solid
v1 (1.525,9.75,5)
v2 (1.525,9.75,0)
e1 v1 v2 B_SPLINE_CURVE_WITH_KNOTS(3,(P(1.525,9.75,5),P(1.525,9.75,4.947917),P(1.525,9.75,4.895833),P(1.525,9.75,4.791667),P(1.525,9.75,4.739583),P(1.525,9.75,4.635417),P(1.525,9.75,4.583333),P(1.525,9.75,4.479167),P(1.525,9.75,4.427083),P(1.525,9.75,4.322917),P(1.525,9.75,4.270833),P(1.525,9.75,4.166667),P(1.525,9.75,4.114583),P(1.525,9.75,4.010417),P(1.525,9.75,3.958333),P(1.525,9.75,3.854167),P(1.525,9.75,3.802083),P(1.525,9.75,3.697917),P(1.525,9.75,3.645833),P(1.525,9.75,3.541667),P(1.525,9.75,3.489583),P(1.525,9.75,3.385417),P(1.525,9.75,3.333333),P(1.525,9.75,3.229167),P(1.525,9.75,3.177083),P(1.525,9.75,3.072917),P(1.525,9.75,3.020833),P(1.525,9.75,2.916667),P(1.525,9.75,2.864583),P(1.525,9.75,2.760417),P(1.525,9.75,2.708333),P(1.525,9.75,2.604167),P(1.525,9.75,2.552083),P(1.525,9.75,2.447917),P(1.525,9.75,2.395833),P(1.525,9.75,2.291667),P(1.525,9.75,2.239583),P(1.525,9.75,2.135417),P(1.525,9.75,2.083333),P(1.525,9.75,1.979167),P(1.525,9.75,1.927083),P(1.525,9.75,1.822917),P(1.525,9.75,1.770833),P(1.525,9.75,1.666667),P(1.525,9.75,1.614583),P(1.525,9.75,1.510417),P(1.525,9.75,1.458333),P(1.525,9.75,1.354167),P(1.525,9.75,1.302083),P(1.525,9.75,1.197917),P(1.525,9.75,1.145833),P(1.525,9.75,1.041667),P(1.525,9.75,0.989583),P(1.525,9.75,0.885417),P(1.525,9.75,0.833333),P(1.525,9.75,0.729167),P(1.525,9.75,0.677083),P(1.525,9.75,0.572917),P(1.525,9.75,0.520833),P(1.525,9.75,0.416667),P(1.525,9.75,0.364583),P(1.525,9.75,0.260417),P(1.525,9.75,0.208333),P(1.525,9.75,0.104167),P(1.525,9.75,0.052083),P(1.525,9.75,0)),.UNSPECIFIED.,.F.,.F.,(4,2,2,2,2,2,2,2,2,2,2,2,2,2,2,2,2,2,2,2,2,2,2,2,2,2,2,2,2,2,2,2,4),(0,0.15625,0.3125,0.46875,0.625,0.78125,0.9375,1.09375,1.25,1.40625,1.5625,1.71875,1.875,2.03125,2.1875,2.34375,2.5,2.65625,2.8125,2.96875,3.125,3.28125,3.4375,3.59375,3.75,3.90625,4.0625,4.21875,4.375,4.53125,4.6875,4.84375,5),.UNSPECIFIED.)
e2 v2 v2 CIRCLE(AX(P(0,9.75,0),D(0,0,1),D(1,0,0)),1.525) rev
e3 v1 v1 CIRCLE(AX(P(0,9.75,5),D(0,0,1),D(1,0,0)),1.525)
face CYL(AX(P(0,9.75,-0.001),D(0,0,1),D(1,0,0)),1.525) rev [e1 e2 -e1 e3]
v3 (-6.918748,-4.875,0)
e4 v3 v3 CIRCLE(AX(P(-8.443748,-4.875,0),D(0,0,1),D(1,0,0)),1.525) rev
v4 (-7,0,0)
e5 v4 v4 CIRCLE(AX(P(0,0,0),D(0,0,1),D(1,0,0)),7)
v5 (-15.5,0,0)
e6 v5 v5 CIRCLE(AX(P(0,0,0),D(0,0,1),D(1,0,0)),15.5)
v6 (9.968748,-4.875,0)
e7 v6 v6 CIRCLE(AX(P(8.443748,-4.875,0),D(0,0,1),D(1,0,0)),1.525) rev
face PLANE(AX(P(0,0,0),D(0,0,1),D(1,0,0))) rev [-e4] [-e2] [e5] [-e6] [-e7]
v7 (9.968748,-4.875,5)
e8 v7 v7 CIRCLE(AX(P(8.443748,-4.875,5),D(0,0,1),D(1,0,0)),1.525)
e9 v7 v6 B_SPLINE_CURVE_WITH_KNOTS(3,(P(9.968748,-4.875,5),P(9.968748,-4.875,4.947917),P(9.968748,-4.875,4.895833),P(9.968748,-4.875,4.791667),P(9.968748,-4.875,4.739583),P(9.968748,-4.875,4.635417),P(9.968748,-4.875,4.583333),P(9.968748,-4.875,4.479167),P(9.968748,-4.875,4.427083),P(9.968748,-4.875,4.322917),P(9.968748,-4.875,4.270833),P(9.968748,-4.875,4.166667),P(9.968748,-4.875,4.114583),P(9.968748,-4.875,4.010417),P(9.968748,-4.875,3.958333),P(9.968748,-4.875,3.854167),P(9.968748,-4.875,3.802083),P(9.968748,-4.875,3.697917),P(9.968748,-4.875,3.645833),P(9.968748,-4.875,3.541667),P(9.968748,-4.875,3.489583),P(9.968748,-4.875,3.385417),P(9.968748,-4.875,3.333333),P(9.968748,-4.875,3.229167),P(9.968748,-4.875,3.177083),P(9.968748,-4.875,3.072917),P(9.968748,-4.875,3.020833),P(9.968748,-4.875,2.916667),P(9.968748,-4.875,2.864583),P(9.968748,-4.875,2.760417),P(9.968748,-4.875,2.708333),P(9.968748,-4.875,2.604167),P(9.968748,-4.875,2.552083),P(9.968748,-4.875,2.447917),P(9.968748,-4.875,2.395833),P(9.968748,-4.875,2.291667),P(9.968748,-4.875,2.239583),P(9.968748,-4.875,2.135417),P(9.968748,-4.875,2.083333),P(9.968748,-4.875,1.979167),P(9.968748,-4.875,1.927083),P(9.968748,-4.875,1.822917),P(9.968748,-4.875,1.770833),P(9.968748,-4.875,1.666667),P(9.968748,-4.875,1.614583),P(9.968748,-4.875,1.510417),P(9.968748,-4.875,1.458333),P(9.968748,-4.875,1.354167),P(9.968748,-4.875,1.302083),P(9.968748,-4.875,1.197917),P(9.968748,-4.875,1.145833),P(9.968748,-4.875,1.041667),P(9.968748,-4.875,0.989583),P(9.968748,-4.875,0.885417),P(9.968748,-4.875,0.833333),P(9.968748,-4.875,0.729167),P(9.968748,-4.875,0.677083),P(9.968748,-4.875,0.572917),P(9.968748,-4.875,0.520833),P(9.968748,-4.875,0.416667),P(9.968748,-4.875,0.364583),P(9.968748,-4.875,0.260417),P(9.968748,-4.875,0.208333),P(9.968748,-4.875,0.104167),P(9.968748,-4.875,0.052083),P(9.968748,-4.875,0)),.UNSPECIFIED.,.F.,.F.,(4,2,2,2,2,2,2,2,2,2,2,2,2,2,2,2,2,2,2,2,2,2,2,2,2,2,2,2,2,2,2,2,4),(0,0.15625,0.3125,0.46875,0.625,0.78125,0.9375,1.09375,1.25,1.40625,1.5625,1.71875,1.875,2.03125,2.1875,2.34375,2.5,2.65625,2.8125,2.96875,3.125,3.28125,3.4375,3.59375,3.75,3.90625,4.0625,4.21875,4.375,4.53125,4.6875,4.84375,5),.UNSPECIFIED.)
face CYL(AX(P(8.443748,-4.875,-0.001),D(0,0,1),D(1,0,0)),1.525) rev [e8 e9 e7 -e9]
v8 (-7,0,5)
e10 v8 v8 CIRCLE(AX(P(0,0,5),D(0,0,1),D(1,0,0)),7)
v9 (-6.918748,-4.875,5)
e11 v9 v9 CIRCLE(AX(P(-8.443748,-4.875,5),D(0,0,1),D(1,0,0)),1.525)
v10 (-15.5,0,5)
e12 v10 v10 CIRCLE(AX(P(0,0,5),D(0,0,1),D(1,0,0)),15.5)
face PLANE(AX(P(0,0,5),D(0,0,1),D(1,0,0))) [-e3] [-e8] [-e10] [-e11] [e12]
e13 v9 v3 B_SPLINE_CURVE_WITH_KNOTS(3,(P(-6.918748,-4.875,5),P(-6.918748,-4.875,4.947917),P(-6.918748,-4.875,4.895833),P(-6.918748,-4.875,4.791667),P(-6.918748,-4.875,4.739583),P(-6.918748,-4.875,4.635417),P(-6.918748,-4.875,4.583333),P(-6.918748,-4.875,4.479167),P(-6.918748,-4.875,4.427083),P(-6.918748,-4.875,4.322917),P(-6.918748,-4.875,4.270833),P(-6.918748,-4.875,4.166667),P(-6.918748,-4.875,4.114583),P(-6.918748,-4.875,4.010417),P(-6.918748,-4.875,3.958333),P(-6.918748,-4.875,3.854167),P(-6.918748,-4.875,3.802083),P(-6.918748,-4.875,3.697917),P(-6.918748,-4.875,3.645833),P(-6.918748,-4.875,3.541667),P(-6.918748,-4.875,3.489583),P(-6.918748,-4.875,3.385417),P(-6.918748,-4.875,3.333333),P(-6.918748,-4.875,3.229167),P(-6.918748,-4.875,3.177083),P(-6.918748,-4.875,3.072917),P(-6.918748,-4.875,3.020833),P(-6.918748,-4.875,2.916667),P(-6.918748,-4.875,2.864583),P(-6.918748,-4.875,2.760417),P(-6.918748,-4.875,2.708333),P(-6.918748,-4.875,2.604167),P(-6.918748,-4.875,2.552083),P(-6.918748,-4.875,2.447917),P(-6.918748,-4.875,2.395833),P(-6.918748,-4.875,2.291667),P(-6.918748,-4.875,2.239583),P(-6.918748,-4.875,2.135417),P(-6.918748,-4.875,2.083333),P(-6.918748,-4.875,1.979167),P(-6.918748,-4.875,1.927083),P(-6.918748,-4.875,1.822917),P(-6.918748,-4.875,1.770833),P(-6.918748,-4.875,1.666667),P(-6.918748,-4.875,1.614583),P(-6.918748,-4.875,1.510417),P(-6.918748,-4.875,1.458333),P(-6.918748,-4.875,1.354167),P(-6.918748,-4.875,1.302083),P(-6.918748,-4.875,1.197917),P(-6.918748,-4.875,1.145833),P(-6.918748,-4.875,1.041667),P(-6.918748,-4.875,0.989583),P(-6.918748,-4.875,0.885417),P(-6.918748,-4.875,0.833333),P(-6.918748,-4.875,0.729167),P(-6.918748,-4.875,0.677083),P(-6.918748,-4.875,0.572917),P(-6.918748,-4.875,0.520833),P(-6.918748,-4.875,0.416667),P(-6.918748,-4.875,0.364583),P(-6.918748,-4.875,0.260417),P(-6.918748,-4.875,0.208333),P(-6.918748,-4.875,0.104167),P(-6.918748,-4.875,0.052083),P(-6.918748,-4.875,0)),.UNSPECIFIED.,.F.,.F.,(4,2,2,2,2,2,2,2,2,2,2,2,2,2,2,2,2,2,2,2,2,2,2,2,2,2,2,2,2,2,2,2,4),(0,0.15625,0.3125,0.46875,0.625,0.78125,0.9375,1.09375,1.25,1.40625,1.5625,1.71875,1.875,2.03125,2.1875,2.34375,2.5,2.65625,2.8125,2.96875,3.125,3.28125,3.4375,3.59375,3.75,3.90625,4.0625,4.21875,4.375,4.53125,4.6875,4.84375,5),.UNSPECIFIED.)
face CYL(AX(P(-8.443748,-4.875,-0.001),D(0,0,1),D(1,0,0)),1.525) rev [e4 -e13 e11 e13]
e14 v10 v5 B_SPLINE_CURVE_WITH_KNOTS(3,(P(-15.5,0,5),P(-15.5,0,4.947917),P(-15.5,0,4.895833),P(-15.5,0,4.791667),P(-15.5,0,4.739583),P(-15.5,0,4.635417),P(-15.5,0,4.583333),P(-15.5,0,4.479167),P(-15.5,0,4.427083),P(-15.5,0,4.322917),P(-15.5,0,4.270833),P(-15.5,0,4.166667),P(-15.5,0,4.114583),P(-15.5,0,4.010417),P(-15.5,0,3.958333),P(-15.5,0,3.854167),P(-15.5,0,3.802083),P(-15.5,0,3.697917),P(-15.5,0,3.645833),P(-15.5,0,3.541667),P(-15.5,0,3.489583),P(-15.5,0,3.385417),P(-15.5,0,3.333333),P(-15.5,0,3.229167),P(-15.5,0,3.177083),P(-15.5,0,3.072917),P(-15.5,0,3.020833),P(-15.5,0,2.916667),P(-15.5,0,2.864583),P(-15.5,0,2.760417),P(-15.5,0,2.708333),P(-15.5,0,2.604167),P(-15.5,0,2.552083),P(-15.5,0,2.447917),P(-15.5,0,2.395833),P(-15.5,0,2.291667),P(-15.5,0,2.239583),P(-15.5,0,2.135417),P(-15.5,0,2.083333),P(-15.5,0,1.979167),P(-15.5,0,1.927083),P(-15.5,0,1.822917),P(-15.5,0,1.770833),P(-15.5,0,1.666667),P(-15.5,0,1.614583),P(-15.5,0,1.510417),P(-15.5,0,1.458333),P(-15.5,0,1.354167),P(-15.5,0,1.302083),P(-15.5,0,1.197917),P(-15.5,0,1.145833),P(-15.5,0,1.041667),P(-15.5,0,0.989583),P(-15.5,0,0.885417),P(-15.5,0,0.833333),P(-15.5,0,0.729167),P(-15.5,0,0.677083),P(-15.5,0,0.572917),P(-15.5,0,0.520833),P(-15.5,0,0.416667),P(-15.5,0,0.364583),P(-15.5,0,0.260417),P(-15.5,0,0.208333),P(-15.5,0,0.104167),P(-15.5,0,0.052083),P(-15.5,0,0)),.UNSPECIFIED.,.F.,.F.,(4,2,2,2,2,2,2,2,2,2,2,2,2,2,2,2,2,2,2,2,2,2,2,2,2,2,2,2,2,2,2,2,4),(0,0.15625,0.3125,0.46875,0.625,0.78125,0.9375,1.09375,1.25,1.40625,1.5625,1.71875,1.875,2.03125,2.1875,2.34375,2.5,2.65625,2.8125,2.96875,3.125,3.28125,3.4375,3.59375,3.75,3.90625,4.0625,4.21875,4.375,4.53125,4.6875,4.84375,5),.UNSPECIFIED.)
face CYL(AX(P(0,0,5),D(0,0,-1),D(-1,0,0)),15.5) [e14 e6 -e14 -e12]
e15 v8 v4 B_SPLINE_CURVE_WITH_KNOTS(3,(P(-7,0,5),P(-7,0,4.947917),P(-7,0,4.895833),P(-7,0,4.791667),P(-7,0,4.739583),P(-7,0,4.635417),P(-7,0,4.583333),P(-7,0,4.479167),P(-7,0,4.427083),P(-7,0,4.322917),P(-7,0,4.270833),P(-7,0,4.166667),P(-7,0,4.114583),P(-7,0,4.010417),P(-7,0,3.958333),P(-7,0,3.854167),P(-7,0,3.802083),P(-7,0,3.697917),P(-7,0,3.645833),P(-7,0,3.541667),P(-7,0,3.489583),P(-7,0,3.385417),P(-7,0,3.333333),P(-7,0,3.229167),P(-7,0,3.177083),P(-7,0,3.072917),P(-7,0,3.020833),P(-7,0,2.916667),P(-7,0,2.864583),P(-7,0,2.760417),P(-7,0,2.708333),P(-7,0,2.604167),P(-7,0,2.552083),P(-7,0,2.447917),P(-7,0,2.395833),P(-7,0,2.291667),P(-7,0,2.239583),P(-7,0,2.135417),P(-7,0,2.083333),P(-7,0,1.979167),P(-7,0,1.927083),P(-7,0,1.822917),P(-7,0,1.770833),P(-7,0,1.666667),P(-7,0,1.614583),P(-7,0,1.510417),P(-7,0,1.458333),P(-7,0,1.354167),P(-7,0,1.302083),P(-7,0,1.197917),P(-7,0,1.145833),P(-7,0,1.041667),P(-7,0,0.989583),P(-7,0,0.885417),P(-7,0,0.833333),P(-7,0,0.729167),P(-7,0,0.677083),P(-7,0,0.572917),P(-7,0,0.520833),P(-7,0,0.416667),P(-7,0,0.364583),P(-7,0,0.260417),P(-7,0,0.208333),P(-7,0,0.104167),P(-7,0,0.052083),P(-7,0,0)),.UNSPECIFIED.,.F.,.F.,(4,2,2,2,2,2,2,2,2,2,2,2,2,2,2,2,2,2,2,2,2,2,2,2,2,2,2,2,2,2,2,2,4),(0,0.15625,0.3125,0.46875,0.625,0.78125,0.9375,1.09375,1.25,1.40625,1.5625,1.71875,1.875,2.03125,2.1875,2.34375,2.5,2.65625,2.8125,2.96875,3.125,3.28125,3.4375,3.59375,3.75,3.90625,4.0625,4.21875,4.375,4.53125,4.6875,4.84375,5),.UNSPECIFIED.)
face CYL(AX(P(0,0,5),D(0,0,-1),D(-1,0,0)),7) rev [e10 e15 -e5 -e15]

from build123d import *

# Parameters (mm, degrees)
SKETCH1_R           = 15.5
SKETCH1_R_2         = 7
BOSS_EXTRUDE1_DEPTH = 5
CUT_EXTRUDE1_REACH  = 24.483
SKETCH2_R           = 1.525


with BuildPart() as part:
    # Sketch1 → Boss-Extrude1 (new body)
    with BuildSketch(Plane.XY):
        Circle(SKETCH1_R)
        Circle(SKETCH1_R_2, mode=Mode.SUBTRACT)
    extrude(amount=BOSS_EXTRUDE1_DEPTH)

    # Sketch2 → Cut-Extrude1 (cut, up to next)
    with BuildSketch(Plane.XY.offset(5), mode=Mode.PRIVATE) as cut_extrude1_sk1:
        with Locations((0, 9.75)):
            Circle(SKETCH2_R)
    cut_extrude1_tool1 = extrude(cut_extrude1_sk1.sketch, amount=-CUT_EXTRUDE1_REACH, mode=Mode.PRIVATE) & part.part
    # Sketch2 → Cut-Extrude1 (cut, up to next)
    with BuildSketch(Plane.XY.offset(5), mode=Mode.PRIVATE) as cut_extrude1_sk2:
        with Locations((8.443747687, -4.875)):
            Circle(SKETCH2_R)
    cut_extrude1_tool2 = extrude(cut_extrude1_sk2.sketch, amount=-CUT_EXTRUDE1_REACH, mode=Mode.PRIVATE) & part.part
    # Sketch2 → Cut-Extrude1 (cut, up to next)
    with BuildSketch(Plane.XY.offset(5), mode=Mode.PRIVATE) as cut_extrude1_sk3:
        with Locations((-8.443747687, -4.875)):
            Circle(SKETCH2_R)
    cut_extrude1_tool3 = extrude(cut_extrude1_sk3.sketch, amount=-CUT_EXTRUDE1_REACH, mode=Mode.PRIVATE) & part.part
    add(cut_extrude1_tool1.solids().sort_by_distance((0, 9.75, 5))[0], mode=Mode.SUBTRACT)
    add(cut_extrude1_tool2.solids().sort_by_distance((8.443748, -4.875, 5))[0], mode=Mode.SUBTRACT)
    add(cut_extrude1_tool3.solids().sort_by_distance((-8.443748, -4.875, 5))[0], mode=Mode.SUBTRACT)


solid = part.part
